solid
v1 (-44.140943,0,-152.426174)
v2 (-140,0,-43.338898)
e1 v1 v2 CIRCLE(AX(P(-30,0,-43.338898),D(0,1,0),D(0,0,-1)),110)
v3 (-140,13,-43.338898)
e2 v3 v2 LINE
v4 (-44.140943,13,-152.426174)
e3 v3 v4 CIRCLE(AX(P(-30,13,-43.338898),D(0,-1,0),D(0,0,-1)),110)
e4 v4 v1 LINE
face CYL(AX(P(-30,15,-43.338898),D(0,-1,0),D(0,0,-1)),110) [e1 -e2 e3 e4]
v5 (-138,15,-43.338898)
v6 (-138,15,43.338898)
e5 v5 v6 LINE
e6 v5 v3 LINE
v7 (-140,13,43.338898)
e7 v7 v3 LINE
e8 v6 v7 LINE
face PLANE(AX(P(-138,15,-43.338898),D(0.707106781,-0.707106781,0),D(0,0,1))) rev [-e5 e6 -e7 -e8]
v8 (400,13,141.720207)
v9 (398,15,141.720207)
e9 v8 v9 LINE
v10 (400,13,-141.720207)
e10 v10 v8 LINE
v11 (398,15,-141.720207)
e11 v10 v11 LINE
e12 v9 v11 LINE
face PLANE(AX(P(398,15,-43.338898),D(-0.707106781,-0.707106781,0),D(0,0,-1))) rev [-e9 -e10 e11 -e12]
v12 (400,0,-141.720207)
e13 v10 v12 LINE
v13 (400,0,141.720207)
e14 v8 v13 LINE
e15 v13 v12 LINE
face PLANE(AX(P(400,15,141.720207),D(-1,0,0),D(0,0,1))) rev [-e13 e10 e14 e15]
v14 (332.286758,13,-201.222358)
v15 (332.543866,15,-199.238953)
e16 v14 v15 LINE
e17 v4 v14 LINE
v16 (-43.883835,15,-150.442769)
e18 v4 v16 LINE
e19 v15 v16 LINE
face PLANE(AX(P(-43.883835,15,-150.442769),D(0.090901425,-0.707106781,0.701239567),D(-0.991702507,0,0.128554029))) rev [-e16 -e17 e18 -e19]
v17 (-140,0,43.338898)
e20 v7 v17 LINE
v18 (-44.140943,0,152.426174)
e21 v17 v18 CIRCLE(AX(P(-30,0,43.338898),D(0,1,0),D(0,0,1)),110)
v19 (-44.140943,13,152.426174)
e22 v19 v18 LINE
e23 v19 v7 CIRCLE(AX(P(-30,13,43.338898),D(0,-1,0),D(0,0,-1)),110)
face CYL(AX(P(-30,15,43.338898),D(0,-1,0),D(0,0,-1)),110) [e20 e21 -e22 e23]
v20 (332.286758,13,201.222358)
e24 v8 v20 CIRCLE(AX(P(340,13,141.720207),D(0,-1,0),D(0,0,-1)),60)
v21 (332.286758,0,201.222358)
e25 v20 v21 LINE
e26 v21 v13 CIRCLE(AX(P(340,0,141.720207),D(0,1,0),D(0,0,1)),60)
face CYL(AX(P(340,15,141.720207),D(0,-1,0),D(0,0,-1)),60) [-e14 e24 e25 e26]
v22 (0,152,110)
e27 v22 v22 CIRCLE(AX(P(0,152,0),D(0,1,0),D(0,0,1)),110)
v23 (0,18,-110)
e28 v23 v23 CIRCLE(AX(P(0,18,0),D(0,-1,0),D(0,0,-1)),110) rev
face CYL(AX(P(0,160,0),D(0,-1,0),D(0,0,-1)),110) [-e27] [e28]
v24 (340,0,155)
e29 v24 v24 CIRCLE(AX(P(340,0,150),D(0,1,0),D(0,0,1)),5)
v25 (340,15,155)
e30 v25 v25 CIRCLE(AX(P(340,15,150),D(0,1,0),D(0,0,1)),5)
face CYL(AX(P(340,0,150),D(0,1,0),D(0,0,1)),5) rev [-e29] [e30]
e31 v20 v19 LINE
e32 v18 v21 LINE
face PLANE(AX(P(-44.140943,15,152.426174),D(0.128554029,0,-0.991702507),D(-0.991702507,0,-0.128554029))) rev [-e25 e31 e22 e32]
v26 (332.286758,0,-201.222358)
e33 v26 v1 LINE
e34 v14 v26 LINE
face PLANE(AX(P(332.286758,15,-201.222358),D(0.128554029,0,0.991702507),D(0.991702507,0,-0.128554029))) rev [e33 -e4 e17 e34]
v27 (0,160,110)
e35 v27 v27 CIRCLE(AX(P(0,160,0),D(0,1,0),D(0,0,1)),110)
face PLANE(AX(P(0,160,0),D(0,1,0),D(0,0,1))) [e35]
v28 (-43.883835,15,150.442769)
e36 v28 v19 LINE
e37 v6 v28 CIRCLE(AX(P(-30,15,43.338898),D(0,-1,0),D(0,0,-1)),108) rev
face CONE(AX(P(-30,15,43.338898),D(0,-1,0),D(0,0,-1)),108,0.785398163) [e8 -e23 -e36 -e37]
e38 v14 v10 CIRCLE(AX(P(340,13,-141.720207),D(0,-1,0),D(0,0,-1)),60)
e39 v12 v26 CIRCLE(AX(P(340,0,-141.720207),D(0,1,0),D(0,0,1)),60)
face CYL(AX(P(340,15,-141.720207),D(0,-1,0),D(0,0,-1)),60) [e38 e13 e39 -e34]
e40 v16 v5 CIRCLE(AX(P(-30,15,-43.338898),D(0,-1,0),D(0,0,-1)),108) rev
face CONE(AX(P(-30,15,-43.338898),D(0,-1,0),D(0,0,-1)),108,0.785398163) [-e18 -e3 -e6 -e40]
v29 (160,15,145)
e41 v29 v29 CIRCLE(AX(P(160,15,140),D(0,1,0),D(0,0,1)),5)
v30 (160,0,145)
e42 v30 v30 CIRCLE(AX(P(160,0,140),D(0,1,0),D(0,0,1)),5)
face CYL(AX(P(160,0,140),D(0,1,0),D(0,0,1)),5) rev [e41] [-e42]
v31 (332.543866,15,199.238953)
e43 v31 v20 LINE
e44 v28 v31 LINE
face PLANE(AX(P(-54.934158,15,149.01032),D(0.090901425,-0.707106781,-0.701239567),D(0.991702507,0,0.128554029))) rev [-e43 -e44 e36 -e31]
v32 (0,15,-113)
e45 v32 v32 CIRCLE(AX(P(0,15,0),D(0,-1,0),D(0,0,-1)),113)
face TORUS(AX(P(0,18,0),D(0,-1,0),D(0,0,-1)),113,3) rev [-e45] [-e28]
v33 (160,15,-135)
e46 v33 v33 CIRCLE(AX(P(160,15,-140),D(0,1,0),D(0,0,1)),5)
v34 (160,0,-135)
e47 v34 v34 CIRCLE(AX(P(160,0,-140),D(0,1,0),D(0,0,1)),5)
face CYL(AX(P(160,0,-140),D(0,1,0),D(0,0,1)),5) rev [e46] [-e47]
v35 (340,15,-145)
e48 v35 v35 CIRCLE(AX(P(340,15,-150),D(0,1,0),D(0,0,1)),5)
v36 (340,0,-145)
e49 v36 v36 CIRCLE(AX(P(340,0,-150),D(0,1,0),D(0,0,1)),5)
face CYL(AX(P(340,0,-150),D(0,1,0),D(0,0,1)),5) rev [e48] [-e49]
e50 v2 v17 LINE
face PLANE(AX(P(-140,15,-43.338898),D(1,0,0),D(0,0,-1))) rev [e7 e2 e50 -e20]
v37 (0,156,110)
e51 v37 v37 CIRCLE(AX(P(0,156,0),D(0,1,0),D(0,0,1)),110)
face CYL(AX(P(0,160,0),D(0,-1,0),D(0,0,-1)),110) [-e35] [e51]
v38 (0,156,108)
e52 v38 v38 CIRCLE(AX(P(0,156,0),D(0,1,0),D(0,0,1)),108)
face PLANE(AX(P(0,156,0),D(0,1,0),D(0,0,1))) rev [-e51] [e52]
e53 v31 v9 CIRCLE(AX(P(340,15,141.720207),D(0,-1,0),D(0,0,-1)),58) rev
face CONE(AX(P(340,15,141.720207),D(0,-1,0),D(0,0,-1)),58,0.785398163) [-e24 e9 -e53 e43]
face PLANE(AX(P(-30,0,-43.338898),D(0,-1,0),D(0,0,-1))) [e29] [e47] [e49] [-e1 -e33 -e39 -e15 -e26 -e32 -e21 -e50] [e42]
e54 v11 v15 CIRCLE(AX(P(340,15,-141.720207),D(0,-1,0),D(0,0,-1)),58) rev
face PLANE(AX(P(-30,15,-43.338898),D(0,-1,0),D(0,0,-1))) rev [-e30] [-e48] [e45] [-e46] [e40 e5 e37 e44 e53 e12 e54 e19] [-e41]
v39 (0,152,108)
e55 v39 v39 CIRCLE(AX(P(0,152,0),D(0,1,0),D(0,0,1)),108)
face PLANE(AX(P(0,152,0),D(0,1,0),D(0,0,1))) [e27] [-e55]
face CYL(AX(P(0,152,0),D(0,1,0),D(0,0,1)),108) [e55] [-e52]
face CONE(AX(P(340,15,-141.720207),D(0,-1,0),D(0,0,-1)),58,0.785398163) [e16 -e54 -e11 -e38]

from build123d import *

# Parameters (mm, degrees)
BOSS_EXTRU_1_DEPTH      = 15
ESQUISSE2_R             = 110
BOSS_EXTRU_2_DEPTH      = 145
ESQUISSE3_R             = 111
ESQUISSE3_R_2           = 108
ENL_V_MAT_EXTRU_1_DEPTH = 4
ESQUISSE4_R             = 5
ENL_V_MAT_EXTRU_2_DEPTH = 471.867329483
CONG_1_R                = 3
CHANFREIN1_SIZE         = 2


with BuildPart() as part:
    # Esquisse1 → Boss.-Extru.1 (new body)
    with BuildSketch(Plane(origin=(0, 0, 0), x_dir=(1, 0, 0), z_dir=(0, 1, 0))):
        with BuildLine():
            Line((-140, 43.338898303), (-140, -43.338898303))
            ThreePointArc((-140, -43.338898303), (-112.630211626, -115.949146387), (-44.140943151, -152.426174036))
            Line((-44.140943151, -152.426174036), (332.286758282, -201.222357555))
            ThreePointArc((332.286758282, -201.222357555), (379.605589864, -186.791231678), (400, -141.720207155))
            Line((400, -141.720207155), (400, 141.720207155))
            ThreePointArc((400, 141.720207155), (379.605589864, 186.791231678), (332.286758282, 201.222357555))
            Line((332.286758282, 201.222357555), (-44.140943151, 152.426174036))
            ThreePointArc((-44.140943151, 152.426174036), (-112.630211626, 115.949146387), (-140, 43.338898303))
        make_face()
    extrude(amount=BOSS_EXTRU_1_DEPTH)

    # Esquisse2 → Boss.-Extru.2 (add)
    with BuildSketch(Plane(origin=(0, 15, 0), x_dir=(1, 0, 0), z_dir=(0, 1, 0))):
        Circle(ESQUISSE2_R)
    extrude(amount=BOSS_EXTRU_2_DEPTH)

    # Esquisse3 → Enlèv. mat.-Extru.1 (cut)
    with BuildSketch(Plane(origin=(0, 156, 0), x_dir=(1, 0, 0), z_dir=(0, 1, 0))):
        Circle(ESQUISSE3_R)
        Circle(ESQUISSE3_R_2, mode=Mode.SUBTRACT)
    extrude(amount=-ENL_V_MAT_EXTRU_1_DEPTH, mode=Mode.SUBTRACT)

    # Esquisse4 → Enlèv. mat.-Extru.2 (cut, through all)
    with BuildSketch(Plane(origin=(0, 15, 0), x_dir=(1, 0, 0), z_dir=(0, 1, 0))):
        with Locations((340, -150)):
            Circle(ESQUISSE4_R)
        with Locations((340, 150)):
            Circle(ESQUISSE4_R)
        with Locations((160, -140)):
            Circle(ESQUISSE4_R)
        with Locations((160, 140)):
            Circle(ESQUISSE4_R)
    extrude(amount=-ENL_V_MAT_EXTRU_2_DEPTH, mode=Mode.SUBTRACT)

    # Congé1
    cong_1_edges = [part.edges().sort_by_distance(p)[0] for p in [
        (-110, 15, 0),
    ]]
    fillet(cong_1_edges, radius=CONG_1_R)

    # Chanfrein1
    chanfrein1_edges = [part.edges().sort_by_distance(p)[0] for p in [
        (379.605589864, 15, 186.791231678),
        (400, 15, 0),
        (144.072907565, 15, 176.824265796),
        (379.605589864, 15, -186.791231678),
        (-112.630211626, 15, 115.949146387),
        (144.072907565, 15, -176.824265796),
        (-140, 15, 0),
        (-112.630211626, 15, -115.949146387),
    ]]
    chamfer(chanfrein1_edges, length=CHANFREIN1_SIZE)


solid = part.part
